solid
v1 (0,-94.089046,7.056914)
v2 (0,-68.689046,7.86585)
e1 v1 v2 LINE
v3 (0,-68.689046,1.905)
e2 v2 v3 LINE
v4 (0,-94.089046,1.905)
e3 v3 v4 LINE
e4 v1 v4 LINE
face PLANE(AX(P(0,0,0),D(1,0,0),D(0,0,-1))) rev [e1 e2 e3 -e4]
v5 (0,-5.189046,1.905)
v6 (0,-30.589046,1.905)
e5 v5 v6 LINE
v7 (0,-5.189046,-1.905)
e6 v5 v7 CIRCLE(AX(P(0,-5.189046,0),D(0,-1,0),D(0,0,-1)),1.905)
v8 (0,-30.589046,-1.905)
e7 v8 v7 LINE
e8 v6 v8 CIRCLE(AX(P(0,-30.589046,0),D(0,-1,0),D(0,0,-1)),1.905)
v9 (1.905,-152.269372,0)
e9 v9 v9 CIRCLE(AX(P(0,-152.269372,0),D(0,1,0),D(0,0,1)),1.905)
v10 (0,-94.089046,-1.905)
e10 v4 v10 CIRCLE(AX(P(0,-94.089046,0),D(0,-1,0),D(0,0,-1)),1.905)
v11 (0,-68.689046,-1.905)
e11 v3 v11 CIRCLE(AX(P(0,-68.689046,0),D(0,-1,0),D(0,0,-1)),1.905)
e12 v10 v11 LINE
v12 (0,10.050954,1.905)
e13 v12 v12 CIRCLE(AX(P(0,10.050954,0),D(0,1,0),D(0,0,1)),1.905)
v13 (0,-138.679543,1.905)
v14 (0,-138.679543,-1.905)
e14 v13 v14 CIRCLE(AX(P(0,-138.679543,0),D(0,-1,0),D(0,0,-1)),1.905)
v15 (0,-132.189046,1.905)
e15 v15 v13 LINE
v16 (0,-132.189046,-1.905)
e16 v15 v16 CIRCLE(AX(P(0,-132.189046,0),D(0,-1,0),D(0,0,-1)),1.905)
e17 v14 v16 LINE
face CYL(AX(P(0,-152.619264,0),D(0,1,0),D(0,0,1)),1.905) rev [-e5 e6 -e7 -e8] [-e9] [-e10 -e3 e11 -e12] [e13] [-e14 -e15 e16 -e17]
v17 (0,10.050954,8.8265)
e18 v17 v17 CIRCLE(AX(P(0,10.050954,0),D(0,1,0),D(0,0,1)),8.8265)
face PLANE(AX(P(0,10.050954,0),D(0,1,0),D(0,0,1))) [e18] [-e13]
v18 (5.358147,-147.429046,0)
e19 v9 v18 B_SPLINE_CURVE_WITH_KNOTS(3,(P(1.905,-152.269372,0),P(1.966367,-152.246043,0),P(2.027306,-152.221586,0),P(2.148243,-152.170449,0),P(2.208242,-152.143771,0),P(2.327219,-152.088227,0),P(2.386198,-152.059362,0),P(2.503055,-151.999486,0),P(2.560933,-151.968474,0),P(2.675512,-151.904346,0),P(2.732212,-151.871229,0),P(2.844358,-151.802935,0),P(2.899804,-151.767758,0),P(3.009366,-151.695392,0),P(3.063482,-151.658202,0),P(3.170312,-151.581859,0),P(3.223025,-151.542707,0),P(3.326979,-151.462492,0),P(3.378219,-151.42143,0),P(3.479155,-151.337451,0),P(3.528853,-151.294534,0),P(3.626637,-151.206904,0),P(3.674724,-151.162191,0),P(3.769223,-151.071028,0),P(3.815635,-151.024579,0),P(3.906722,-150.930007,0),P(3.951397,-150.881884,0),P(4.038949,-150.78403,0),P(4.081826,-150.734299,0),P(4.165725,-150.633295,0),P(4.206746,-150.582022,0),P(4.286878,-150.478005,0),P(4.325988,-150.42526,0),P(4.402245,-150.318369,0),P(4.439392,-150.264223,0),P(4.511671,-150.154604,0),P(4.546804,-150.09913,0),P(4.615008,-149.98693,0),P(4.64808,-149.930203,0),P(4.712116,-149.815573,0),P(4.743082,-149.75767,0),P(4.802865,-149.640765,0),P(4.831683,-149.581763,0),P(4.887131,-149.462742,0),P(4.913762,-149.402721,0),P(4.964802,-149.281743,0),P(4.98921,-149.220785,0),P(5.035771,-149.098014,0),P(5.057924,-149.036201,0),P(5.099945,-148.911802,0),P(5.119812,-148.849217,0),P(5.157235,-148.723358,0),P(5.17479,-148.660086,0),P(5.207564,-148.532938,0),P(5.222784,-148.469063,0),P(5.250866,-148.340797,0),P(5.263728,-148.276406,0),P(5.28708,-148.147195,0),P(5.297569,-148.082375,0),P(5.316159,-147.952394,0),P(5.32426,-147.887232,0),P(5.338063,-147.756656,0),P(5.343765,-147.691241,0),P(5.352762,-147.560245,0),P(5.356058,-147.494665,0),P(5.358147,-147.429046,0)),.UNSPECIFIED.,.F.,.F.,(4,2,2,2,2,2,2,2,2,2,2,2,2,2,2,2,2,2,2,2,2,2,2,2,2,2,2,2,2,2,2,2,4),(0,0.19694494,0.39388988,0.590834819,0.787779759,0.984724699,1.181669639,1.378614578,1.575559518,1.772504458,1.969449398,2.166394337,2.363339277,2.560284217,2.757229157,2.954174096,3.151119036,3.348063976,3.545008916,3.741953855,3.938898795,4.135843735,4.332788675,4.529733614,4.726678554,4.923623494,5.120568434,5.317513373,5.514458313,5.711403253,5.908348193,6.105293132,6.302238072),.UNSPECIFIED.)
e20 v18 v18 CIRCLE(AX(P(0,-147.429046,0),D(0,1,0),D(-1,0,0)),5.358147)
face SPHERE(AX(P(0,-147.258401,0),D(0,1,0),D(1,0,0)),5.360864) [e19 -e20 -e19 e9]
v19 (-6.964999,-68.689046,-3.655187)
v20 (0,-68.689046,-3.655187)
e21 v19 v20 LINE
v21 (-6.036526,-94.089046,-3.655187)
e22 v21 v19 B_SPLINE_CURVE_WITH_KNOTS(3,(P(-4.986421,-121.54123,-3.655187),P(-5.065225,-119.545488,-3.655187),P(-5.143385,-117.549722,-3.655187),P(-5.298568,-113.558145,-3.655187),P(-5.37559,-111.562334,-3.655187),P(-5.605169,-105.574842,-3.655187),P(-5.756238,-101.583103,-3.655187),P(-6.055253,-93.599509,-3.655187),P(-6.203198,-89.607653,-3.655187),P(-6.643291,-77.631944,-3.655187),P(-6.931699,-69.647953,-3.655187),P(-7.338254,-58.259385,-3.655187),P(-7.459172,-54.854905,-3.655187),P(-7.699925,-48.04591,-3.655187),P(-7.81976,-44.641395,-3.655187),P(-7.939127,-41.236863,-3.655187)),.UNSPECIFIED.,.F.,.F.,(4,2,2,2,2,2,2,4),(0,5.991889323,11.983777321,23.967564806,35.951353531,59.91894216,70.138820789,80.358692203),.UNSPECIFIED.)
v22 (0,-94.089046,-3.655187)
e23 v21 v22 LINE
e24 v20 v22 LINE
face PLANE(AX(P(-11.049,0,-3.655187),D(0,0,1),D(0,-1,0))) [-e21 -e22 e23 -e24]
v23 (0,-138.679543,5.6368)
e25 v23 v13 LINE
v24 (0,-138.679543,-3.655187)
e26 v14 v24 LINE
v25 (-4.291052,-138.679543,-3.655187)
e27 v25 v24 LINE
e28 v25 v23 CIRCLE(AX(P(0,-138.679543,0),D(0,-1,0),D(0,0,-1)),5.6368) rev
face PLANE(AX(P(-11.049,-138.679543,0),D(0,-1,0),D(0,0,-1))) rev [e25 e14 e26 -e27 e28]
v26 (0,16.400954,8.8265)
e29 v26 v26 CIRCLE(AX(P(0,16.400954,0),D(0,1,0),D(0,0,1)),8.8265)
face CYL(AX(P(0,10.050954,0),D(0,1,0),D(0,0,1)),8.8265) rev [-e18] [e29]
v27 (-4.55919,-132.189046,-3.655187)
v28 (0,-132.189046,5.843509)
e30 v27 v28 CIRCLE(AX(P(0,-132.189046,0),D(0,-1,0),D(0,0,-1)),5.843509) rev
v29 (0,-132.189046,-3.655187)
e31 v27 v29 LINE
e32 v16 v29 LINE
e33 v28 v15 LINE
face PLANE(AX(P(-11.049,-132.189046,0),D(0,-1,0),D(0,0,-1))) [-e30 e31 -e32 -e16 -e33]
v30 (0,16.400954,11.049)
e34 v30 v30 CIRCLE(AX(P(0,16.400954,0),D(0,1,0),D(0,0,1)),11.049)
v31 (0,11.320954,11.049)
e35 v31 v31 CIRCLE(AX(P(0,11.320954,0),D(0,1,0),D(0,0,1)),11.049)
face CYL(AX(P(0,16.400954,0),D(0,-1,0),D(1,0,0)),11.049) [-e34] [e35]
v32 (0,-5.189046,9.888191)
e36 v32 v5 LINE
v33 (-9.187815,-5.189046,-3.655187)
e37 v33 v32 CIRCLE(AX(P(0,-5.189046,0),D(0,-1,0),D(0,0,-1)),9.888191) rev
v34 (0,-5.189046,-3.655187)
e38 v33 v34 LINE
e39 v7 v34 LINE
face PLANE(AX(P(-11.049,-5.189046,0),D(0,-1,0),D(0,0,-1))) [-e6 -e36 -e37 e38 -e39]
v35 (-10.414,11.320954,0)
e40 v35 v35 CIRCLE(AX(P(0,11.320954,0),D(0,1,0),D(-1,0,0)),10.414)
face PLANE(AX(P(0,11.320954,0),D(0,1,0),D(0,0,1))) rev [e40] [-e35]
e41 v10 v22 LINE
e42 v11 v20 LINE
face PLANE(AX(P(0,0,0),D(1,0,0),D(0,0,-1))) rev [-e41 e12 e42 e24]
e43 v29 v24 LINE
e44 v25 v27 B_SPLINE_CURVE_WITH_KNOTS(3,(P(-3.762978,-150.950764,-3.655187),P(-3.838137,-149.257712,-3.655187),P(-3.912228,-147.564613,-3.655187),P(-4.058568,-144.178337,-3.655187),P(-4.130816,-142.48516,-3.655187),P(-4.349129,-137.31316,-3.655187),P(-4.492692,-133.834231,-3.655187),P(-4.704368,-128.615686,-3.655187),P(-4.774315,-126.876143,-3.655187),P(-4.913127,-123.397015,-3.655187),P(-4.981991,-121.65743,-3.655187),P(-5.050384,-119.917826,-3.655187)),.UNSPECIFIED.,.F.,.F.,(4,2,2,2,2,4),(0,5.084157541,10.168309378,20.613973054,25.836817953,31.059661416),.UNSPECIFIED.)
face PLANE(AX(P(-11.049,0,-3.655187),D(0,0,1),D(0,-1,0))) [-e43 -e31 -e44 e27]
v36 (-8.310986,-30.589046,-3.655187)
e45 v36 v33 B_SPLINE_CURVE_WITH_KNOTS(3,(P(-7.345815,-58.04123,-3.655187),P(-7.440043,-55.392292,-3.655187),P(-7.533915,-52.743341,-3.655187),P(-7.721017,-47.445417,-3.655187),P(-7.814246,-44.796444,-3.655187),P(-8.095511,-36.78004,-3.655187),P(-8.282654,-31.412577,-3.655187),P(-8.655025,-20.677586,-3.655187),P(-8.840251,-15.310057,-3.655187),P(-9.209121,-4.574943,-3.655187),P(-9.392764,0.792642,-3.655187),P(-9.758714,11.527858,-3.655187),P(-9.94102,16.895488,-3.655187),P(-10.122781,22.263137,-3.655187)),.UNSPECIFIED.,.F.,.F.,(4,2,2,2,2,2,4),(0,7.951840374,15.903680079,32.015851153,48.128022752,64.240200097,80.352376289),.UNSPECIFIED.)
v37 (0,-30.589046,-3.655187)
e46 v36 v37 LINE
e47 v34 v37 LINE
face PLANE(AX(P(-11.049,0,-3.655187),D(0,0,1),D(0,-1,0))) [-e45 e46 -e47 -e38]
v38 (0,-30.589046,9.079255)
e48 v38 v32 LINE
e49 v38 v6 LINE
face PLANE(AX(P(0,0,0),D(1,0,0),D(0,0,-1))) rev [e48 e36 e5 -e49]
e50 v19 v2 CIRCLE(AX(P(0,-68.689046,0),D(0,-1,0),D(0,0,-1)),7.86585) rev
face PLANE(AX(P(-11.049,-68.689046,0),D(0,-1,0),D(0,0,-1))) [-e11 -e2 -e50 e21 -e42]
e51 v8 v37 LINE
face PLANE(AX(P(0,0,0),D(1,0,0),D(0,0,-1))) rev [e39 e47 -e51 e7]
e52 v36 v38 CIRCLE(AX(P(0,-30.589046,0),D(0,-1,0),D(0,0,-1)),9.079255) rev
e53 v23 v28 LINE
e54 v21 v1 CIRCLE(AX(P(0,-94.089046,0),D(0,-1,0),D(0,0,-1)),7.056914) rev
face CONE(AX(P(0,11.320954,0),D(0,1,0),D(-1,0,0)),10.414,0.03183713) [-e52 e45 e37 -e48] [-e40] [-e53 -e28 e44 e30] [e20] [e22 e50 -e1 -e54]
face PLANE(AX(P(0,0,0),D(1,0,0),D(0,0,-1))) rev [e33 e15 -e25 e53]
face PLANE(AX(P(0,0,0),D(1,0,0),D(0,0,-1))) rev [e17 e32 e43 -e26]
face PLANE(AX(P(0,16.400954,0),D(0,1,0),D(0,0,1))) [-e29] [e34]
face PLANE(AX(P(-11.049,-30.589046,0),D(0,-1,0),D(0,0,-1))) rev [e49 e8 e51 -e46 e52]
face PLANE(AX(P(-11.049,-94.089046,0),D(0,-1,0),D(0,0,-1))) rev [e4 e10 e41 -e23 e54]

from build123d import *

# Parameters (mm, degrees)
SKETCH2_R               = 11.049
SKETCH2_R_2             = 10.414
BOSS_EXTRUDE1_DEPTH     = 5.08
SKETCH5_W               = 17.78
SKETCH5_H               = 25.4
SKETCH5_H_2             = 6.490496921
CUT_EXTRUDE2_DEPTH      = 154.417080826
SKETCH3_R               = 8.8265
CUT_EXTRUDE3_DEPTH      = 6.35
SKETCH6_R               = 1.905
CUT_EXTRUDE4_DEPTH      = 164.418972888
CUT_EXTRUDE4_DEPTH_BACK = 164.418972888


with BuildPart() as part:
    # Sketch1 → Revolve1 (revolve)
    with BuildSketch(Plane.XY, mode=Mode.PRIVATE) as revolve1_sk:
        with BuildLine():
            Line((0, 11.320953756), (-10.414, 11.320953756))
            Line((-10.414, 11.320953756), (-5.358147253, -147.429046244))
            ThreePointArc((-5.358147253, -147.429046244), (-3.729882948, -151.108963516), (0, -152.619264469))
            Line((0, -152.619264469), (0, 11.320953756))
        make_face()
    revolve(revolve1_sk.sketch.rotate(Axis((0, 11.320953756, 0), (0, -1, 0)), 180), axis=Axis((0, 11.320953756, 0), (0, -1, 0)))

    # Sketch2 → Boss-Extrude1 (add)
    with BuildSketch(Plane(origin=(0, 11.320953756, 0), x_dir=(1, 0, 0), z_dir=(0, 1, 0))):
        with Locations(Location((0, 0, 0), (0, 0, 270))):
            Circle(SKETCH2_R)
        Circle(SKETCH2_R_2, mode=Mode.SUBTRACT)
        Circle(SKETCH2_R_2)
    extrude(amount=BOSS_EXTRUDE1_DEPTH)

    # Sketch5 → Cut-Extrude2 (cut, through all)
    with BuildSketch(Plane(origin=(0, 0, 0), x_dir=(0, 0, -1), z_dir=(1, 0, 0))):
        with Locations((-5.234813406, -17.889046244)):
            Rectangle(SKETCH5_W, SKETCH5_H)
        with Locations((-5.234813406, -81.389046244)):
            Rectangle(SKETCH5_W, SKETCH5_H)
        with Locations((-5.234813406, -135.434294705)):
            Rectangle(SKETCH5_W, SKETCH5_H_2)
    extrude(amount=-CUT_EXTRUDE2_DEPTH, mode=Mode.SUBTRACT)

    # Sketch3 → Cut-Extrude3 (cut)
    with BuildSketch(Plane(origin=(0, 16.400953756, 0), x_dir=(1, 0, 0), z_dir=(0, 1, 0))):
        with Locations(Location((0, 0, 0), (0, 0, 270))):
            Circle(SKETCH3_R)
    extrude(amount=-CUT_EXTRUDE3_DEPTH, mode=Mode.SUBTRACT)

    # Sketch6 → Cut-Extrude4 (cut, two sides)
    with BuildSketch(Plane(origin=(0, 10.050953756, 0), x_dir=(1, 0, 0), z_dir=(0, 1, 0))) as cut_extrude4_sk:
        with Locations(Location((0, 0, 0), (0, 0, 270))):
            Circle(SKETCH6_R)
    extrude(amount=CUT_EXTRUDE4_DEPTH, mode=Mode.SUBTRACT)
    extrude(cut_extrude4_sk.sketch, amount=-CUT_EXTRUDE4_DEPTH_BACK, mode=Mode.SUBTRACT)


solid = part.part
